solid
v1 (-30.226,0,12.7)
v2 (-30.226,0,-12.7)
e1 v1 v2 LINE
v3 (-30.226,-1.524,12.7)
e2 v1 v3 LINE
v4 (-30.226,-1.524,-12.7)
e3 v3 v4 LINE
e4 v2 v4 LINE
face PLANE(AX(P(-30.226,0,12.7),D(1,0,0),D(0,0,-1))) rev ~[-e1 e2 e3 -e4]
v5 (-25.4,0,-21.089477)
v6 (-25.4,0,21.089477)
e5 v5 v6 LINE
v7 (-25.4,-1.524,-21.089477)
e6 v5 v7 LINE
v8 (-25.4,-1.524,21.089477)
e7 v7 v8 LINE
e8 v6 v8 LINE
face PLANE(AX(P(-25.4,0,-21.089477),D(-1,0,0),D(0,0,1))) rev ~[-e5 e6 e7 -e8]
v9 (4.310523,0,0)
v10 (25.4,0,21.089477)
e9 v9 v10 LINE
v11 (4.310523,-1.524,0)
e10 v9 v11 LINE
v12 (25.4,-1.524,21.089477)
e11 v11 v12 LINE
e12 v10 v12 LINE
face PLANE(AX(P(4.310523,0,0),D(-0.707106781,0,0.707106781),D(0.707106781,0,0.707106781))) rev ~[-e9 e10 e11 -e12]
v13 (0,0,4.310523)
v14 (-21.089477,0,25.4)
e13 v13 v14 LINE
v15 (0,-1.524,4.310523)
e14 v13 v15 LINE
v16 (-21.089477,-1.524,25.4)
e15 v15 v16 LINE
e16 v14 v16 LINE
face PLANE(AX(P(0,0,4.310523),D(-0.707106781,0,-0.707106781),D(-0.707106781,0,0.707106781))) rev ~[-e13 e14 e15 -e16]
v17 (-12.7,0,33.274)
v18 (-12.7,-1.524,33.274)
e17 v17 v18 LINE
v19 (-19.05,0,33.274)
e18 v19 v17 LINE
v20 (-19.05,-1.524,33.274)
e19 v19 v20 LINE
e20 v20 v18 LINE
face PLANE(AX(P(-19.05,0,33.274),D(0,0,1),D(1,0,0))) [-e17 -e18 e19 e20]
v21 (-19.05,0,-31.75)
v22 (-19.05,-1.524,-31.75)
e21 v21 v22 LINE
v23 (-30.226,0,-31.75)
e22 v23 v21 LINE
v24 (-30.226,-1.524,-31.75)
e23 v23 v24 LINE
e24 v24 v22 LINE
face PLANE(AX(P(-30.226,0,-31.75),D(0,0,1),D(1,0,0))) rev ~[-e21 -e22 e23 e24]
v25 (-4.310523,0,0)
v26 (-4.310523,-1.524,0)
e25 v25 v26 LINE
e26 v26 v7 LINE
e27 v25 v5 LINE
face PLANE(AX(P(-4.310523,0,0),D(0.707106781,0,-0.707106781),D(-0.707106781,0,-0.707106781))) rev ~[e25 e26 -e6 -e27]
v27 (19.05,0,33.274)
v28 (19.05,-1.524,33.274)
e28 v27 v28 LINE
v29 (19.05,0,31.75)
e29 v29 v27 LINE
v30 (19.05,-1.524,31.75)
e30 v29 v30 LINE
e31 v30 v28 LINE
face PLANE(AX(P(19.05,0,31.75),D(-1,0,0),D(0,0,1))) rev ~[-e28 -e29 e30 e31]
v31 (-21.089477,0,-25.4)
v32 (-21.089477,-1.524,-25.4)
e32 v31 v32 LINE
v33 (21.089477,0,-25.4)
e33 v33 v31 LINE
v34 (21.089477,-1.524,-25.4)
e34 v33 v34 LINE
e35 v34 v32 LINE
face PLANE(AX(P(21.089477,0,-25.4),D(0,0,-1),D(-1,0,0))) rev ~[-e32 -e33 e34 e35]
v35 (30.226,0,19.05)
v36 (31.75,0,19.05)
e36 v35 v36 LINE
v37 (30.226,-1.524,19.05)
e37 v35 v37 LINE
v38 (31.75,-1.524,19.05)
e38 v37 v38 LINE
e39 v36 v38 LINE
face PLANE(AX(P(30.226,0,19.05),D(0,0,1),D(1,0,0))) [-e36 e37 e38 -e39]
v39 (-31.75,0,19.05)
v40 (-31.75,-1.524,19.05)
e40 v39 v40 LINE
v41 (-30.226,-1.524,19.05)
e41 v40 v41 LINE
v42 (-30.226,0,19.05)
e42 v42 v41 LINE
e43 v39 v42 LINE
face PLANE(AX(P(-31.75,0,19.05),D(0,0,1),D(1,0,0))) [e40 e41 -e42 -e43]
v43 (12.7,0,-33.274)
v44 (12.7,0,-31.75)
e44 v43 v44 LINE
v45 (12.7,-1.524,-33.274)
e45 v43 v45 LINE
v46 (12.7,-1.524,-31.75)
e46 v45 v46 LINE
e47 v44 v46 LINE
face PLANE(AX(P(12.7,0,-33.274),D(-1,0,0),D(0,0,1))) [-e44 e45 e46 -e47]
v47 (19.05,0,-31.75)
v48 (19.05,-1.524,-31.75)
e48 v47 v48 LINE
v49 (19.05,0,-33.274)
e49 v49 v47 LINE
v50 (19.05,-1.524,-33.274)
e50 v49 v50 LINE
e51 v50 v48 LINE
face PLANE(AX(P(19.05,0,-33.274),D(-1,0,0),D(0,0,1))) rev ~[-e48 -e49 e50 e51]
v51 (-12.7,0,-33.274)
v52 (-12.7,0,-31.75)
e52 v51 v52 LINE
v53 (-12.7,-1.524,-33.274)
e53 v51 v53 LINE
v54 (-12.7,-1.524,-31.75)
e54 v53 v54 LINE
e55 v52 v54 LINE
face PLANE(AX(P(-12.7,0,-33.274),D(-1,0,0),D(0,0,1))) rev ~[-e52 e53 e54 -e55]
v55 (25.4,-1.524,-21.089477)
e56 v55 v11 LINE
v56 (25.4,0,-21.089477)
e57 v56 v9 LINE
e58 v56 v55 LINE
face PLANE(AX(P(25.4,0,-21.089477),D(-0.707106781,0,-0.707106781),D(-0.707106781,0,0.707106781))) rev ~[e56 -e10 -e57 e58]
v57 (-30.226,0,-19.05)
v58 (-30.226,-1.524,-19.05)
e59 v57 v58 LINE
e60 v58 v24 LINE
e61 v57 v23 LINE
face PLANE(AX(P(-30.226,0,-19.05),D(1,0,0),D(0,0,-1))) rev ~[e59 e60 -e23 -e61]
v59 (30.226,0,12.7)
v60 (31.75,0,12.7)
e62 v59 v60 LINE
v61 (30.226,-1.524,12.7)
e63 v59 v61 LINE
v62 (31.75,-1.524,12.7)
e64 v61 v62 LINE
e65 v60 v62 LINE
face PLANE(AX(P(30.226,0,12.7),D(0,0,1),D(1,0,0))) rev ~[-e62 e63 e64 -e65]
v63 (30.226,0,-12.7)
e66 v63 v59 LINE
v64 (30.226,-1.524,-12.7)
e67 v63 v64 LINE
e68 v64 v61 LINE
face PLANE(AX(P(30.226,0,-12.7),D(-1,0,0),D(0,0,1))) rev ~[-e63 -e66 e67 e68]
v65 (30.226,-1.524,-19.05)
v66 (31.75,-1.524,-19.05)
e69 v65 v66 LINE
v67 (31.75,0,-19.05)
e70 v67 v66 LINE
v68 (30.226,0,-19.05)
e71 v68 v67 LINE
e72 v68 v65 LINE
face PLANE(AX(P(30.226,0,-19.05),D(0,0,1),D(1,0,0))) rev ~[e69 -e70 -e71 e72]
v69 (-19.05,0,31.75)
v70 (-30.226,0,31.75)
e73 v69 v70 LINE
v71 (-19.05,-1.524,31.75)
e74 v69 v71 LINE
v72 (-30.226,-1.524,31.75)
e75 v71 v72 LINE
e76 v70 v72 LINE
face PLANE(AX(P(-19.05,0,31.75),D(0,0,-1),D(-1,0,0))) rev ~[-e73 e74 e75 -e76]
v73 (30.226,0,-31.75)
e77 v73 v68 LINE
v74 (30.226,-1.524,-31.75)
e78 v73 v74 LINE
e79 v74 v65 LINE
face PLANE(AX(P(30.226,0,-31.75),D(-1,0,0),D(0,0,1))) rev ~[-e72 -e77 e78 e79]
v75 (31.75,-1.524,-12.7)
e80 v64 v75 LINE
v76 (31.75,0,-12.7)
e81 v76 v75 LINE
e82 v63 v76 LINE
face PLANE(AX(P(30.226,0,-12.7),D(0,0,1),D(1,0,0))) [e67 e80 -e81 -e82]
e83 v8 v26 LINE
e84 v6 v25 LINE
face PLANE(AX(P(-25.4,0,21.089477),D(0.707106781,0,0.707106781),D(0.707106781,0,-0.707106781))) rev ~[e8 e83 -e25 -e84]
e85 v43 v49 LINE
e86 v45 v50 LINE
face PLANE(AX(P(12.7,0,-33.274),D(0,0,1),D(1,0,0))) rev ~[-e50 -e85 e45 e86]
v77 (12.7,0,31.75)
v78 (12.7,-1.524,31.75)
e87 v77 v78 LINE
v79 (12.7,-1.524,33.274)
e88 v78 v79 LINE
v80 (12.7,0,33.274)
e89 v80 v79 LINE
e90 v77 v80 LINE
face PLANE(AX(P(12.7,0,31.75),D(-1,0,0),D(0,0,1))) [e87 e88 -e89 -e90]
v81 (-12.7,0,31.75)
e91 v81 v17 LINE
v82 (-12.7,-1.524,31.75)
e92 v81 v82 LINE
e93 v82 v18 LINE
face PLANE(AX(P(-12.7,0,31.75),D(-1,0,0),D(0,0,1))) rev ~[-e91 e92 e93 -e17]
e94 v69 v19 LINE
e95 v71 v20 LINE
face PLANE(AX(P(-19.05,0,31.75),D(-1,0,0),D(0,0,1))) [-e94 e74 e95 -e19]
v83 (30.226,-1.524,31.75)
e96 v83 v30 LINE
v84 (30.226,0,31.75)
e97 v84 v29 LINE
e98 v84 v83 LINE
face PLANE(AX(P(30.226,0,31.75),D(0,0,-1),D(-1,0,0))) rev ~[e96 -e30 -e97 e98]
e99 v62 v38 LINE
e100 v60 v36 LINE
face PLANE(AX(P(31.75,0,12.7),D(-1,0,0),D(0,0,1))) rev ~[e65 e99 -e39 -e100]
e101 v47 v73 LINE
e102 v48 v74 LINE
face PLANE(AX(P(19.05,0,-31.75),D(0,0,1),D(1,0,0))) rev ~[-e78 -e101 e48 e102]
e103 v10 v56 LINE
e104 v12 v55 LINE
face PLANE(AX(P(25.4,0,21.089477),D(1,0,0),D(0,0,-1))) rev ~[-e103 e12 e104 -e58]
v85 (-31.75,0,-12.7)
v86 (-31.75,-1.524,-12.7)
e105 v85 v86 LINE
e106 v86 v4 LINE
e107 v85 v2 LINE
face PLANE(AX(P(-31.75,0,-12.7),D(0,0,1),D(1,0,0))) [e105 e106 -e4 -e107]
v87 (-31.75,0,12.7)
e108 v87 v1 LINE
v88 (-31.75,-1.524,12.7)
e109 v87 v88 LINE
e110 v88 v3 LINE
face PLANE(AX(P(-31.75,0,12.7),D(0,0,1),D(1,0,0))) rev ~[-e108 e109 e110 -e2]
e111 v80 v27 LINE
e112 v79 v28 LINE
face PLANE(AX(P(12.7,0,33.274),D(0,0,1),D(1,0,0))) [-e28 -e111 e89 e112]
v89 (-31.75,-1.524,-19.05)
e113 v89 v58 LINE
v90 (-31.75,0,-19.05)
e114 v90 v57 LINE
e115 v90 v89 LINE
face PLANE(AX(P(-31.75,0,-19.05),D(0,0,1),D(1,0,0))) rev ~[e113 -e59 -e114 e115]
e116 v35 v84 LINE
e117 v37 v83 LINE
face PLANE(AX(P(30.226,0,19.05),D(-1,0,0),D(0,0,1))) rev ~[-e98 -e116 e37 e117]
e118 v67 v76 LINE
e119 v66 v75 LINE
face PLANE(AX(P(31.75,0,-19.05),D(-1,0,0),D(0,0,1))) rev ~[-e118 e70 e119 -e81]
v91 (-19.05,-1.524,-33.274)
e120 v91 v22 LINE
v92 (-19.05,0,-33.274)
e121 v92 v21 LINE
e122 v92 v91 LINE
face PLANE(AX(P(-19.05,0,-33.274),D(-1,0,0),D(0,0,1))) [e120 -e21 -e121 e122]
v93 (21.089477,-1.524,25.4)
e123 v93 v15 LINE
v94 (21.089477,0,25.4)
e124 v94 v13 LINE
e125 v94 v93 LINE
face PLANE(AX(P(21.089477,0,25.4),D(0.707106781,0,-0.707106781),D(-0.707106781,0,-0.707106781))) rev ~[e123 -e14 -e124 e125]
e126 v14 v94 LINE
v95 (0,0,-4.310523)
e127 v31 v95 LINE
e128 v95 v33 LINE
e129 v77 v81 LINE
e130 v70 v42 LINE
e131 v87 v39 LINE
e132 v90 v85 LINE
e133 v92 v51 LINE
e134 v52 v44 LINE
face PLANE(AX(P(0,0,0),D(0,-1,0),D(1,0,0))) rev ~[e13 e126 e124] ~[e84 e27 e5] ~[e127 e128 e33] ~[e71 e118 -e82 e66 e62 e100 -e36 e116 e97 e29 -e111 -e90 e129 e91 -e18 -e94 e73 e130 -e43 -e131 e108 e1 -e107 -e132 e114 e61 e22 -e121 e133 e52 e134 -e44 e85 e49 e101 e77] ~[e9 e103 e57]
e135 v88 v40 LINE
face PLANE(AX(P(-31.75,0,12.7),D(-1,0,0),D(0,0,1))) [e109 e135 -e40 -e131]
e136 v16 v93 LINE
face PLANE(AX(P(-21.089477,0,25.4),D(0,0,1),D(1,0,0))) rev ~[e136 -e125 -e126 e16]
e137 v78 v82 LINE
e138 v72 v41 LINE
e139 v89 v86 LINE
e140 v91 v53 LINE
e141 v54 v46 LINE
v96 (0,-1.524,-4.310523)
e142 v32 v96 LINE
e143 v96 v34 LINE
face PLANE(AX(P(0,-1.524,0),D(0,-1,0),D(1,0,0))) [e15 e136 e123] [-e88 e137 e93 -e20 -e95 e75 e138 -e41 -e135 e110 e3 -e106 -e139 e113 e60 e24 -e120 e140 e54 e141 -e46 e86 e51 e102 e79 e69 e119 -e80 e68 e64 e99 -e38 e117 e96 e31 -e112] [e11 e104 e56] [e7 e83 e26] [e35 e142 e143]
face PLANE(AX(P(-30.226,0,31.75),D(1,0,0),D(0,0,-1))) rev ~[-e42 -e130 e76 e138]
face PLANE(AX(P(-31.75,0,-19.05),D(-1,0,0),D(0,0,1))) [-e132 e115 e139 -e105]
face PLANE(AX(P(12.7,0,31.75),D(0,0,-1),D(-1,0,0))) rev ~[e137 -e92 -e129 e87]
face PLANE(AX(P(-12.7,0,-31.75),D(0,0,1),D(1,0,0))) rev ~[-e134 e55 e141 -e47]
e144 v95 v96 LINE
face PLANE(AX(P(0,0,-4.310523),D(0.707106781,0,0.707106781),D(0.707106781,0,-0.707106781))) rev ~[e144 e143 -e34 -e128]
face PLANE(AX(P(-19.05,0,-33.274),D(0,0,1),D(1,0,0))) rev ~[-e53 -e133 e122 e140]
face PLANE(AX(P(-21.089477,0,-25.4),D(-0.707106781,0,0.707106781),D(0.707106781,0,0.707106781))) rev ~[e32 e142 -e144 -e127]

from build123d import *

# Parameters (mm, degrees)
F0_W     = 1.524
F0_H     = 6.35
F0_W_2   = 6.35
F0_H_2   = 1.524
F1_DEPTH = 1.524


with BuildPart() as f1:
    # F0 (on Front) → F1 (new body)
    with BuildSketch(Plane.XZ):
        Polygon((30.226, 19.05), (30.226, 31.75), (19.05, 31.75), (12.7, 31.75), (-12.7, 31.75), (-19.05, 31.75), (-30.226, 31.75), (-30.226, 19.05), (-30.226, 12.7), (-30.226, -12.7), (-30.226, -19.05), (-30.226, -31.75), (-19.05, -31.75), (-12.7, -31.75), (12.7, -31.75), (19.05, -31.75), (30.226, -31.75), (30.226, -19.05), (30.226, -12.7), (30.226, 12.7), align=None)
        Polygon((21.0894770619, 25.4), (25.4, 25.4), (25.4, 21.0894770619), (25.4, -21.0894770619), (25.4, -25.4), (21.0894770619, -25.4), (-21.0894770619, -25.4), (-25.4, -25.4), (-25.4, -21.0894770619), (-25.4, 21.0894770619), (-25.4, 25.4), (-21.0894770619, 25.4), align=None, mode=Mode.SUBTRACT)
        with Locations((-30.988, 15.875)):
            Rectangle(F0_W, F0_H)
        with Locations((-30.988, -15.875)):
            Rectangle(F0_W, F0_H)
        with Locations((30.988, -15.875)):
            Rectangle(F0_W, F0_H)
        with Locations((30.988, 15.875)):
            Rectangle(F0_W, F0_H)
        with Locations((-15.875, -32.512)):
            Rectangle(F0_W_2, F0_H_2)
        with Locations((15.875, -32.512)):
            Rectangle(F0_W_2, F0_H_2)
        Polygon((0, 4.3105229381), (-21.0894770619, 25.4), (-25.4, 25.4), (-25.4, 21.0894770619), (-4.3105229381, 0), align=None)
        Polygon((25.4, 21.0894770619), (25.4, 25.4), (21.0894770619, 25.4), (0, 4.3105229381), (4.3105229381, 0), align=None)
        Polygon((25.4, -25.4), (25.4, -21.0894770619), (4.3105229381, 0), (0, -4.3105229381), (21.0894770619, -25.4), align=None)
        Polygon((0, -4.3105229381), (-4.3105229381, 0), (-25.4, -21.0894770619), (-25.4, -25.4), (-21.0894770619, -25.4), align=None)
        Polygon((4.3105229381, 0), (0, 4.3105229381), (-4.3105229381, 0), (0, -4.3105229381), align=None)
        with Locations((-15.875, 32.512)):
            Rectangle(F0_W_2, F0_H_2)
        with Locations((15.875, 32.512)):
            Rectangle(F0_W_2, F0_H_2)
    extrude(amount=F1_DEPTH)


solid = f1.part
